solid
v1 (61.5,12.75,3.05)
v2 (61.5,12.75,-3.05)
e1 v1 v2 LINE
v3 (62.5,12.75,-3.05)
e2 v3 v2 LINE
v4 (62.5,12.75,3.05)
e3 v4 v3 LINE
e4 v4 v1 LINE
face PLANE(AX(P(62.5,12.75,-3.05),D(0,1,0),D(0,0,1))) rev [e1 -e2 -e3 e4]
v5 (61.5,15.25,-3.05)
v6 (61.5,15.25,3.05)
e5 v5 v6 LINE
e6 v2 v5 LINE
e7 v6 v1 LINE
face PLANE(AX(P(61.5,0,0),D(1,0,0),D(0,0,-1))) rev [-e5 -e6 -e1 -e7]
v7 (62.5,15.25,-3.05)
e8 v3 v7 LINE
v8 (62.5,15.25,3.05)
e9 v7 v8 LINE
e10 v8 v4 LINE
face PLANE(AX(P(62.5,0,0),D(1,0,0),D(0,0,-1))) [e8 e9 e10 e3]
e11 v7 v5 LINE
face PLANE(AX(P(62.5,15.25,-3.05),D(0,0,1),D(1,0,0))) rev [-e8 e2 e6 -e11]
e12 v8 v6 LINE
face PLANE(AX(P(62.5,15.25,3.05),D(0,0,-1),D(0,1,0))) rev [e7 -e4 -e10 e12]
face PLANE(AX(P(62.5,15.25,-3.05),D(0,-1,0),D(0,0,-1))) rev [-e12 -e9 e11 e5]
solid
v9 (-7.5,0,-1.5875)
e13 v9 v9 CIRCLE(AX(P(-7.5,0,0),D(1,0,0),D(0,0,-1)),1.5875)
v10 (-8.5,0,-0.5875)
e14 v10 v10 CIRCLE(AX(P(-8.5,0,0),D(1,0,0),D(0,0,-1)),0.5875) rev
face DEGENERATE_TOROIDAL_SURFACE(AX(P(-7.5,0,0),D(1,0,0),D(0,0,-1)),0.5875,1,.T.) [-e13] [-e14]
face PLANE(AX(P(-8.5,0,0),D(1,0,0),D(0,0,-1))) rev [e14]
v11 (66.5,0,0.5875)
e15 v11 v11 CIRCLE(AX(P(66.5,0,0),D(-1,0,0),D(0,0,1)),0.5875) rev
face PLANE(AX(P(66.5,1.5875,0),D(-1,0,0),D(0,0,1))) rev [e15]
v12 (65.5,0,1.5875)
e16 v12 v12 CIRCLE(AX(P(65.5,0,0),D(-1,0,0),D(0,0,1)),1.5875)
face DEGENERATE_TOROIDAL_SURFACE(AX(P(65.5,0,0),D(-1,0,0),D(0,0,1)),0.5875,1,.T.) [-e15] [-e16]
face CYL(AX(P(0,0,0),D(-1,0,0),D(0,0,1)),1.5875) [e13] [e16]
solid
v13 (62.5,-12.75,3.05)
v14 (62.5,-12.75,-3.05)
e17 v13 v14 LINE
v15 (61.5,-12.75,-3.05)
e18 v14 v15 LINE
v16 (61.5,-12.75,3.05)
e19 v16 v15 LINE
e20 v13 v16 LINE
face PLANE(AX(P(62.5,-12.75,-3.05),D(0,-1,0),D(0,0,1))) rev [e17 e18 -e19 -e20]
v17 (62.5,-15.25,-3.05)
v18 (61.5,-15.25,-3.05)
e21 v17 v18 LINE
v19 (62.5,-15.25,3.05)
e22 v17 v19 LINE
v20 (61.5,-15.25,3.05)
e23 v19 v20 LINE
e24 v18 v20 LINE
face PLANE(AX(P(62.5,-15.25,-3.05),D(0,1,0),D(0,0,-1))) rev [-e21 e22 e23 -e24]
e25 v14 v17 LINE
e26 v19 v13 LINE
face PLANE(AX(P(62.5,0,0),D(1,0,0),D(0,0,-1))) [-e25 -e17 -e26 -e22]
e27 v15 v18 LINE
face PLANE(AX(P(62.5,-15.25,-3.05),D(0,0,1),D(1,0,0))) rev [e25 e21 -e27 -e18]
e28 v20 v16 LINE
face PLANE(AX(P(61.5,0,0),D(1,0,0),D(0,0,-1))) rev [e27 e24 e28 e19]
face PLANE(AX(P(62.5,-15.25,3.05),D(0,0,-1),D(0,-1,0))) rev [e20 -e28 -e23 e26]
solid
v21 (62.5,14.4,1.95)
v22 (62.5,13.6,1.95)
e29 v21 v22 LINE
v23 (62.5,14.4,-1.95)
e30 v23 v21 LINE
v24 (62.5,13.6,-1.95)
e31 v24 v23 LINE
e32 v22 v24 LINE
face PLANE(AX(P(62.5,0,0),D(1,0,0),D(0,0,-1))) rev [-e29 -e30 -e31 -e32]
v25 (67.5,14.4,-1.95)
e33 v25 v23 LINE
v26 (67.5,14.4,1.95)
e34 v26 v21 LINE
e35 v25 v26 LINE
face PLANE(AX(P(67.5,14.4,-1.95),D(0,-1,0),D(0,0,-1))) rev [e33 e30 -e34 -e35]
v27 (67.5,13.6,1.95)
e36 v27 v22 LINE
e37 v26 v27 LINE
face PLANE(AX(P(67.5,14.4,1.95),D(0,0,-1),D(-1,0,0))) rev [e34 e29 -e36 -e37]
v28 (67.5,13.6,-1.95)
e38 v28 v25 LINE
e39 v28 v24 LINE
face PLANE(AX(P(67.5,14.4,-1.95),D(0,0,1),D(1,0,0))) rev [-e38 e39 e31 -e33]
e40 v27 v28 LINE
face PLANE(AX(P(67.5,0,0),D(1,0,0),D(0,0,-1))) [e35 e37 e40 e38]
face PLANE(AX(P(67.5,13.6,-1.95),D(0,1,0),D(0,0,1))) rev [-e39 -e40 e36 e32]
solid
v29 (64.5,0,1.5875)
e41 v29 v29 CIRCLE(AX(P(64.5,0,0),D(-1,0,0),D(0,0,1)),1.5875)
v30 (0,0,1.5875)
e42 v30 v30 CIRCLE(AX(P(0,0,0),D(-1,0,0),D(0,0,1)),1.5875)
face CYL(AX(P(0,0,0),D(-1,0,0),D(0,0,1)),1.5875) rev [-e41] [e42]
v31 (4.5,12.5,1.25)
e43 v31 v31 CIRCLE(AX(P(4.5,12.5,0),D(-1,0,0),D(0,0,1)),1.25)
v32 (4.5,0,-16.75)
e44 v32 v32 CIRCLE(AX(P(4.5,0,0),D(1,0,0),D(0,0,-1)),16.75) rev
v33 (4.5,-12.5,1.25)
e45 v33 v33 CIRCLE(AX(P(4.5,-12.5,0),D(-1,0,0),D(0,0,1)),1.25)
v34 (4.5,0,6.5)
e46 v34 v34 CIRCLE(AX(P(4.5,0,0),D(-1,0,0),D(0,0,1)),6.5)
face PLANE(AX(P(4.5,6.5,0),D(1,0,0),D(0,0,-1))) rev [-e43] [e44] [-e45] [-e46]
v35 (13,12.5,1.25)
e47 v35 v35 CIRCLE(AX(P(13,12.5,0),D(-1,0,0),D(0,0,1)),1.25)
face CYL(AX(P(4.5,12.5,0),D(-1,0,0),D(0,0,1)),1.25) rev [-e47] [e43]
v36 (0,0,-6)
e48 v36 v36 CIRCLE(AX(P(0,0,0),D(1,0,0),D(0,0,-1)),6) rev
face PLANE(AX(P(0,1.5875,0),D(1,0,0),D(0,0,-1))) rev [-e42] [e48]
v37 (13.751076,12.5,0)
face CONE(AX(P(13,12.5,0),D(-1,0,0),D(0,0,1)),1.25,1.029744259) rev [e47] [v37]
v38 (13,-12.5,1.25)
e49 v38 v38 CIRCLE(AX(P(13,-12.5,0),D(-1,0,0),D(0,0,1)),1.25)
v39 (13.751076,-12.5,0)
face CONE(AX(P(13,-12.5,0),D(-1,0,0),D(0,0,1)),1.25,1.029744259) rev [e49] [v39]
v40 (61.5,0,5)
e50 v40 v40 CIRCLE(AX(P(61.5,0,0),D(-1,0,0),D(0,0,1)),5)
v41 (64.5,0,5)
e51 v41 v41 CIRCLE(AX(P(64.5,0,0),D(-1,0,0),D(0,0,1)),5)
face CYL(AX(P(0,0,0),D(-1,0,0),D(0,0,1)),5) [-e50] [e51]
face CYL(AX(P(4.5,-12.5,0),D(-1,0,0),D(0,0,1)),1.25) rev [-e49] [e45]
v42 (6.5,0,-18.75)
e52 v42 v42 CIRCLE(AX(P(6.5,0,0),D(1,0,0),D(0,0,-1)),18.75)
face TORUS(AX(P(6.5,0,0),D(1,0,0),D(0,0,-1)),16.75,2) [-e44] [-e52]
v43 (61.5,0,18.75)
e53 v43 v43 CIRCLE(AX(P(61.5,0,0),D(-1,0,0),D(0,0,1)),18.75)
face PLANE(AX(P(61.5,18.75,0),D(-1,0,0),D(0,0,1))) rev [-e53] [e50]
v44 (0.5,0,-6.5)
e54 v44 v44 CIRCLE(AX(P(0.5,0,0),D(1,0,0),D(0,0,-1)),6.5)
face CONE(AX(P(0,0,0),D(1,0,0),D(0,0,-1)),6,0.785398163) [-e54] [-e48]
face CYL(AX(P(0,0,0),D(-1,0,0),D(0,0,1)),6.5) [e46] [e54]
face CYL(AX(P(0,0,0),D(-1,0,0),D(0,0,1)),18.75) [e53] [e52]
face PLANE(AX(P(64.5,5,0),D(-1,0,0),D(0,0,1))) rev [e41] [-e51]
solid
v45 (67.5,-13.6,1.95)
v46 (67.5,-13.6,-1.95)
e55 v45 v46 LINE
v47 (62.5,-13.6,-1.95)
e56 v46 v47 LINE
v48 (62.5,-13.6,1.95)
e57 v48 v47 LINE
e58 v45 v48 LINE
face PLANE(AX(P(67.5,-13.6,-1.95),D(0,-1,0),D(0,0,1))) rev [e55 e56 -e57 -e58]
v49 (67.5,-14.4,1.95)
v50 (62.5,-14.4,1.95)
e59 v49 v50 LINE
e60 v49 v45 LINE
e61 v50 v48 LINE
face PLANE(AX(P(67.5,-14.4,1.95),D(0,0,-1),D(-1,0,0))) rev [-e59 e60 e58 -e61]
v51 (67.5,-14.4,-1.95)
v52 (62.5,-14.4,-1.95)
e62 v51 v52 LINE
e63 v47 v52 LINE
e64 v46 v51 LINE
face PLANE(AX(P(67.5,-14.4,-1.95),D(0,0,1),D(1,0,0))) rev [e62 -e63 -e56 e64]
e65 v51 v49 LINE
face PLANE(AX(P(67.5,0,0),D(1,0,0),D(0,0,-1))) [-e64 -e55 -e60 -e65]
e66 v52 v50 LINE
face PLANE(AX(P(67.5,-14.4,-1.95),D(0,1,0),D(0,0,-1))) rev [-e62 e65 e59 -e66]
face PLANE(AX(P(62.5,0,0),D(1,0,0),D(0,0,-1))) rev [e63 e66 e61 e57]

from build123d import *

# Parameters (mm, degrees)
VERRUNDUNG1_R                   = 1
VERRUNDUNG2_R                   = 2
FASE1_SIZE                      = 0.5
SKIZZE5_W                       = 6.1
SKIZZE5_H                       = 2.5
AUFSATZ_LINEAR_AUSTRAGEN1_DEPTH = 1
SKIZZE6_W                       = 3.9
SKIZZE6_H                       = 0.8
AUFSATZ_LINEAR_AUSTRAGEN2_DEPTH = 5


with BuildPart() as part:
    # Skizze3 → Rotation1 (revolve)
    with BuildSketch(Plane.XY, mode=Mode.PRIVATE) as rotation1_sk:
        Polygon((66.5, 1.5875), (66.5, 0), (0, 0), (-8.5, 0), (-8.5, 1.5875), (0, 1.5875), (64.5, 1.5875), align=None)
    revolve(rotation1_sk.sketch.rotate(Axis((0, 0, 0), (1, 0, 0)), 90), axis=Axis((0, 0, 0), (1, 0, 0)))

    # Verrundung1
    verrundung1_edges = [part.edges().sort_by_distance(p)[0] for p in [
        (-8.5, 0, -1.5875),
        (66.5, 0, -1.5875),
    ]]
    fillet(verrundung1_edges, radius=VERRUNDUNG1_R)


with BuildPart() as body_2:
    # Skizze4 → Rotation2 (revolve)
    with BuildSketch(Plane.XY, mode=Mode.PRIVATE) as rotation2_sk:
        Polygon((64.5, 1.5875), (0, 1.5875), (0, 6.5), (4.5, 6.5), (4.5, 18.75), (61.5, 18.75), (61.5, 5), (64.5, 5), align=None)
    revolve(rotation2_sk.sketch.rotate(Axis((0, 0, 0), (1, 0, 0)), 90), axis=Axis((0, 0, 0), (1, 0, 0)))

    # Skizze8 → M3 Gewindebohrung1 (revolve, cut)
    with BuildSketch(Plane(origin=(4.5, 12.5, 0), x_dir=(0, 0, 1), z_dir=(0, 1, 0))):
        Polygon((0, 0), (0, 9.251075774), (1.25, 8.5), (1.25, 0), align=None)
    m3_gewindebohrung1 = revolve(axis=Axis((-1.85, 12.5, 0), (1, 0, 0)), mode=Mode.SUBTRACT)

    # Verrundung2
    verrundung2_edges = [body_2.edges().sort_by_distance(p)[0] for p in [
        (4.5, 0, -18.75),
    ]]
    fillet(verrundung2_edges, radius=VERRUNDUNG2_R)

    # Fase1
    fase1_edges = [body_2.edges().sort_by_distance(p)[0] for p in [
        (0, 0, -6.5),
    ]]
    chamfer(fase1_edges, length=FASE1_SIZE)

    # Spiegeln1: M3 Gewindebohrung1 across plane
    add(m3_gewindebohrung1.mirror(Plane.ZX), mode=Mode.SUBTRACT)


with BuildPart() as body_3:
    # Skizze5 → Aufsatz-Linear austragen1 (new body)
    with BuildSketch(Plane(origin=(61.5, 0, 0), x_dir=(0, 0, -1), z_dir=(1, 0, 0))):
        with Locations((0, 14)):
            Rectangle(SKIZZE5_W, SKIZZE5_H)
    extrude(amount=AUFSATZ_LINEAR_AUSTRAGEN1_DEPTH)


with BuildPart() as body_4:
    # Skizze6 → Aufsatz-Linear austragen2 (new body)
    with BuildSketch(Plane(origin=(62.5, 0, 0), x_dir=(0, 0, -1), z_dir=(1, 0, 0))):
        with Locations((0, 14)):
            Rectangle(SKIZZE6_W, SKIZZE6_H)
    extrude(amount=AUFSATZ_LINEAR_AUSTRAGEN2_DEPTH)


with BuildPart() as body_5:
    # Spiegeln5: mirrored copy
    add(body_3.part.mirror(Plane.ZX))


with BuildPart() as body_6:
    # Spiegeln5 2: mirrored copy
    add(body_4.part.mirror(Plane.ZX))


solid = Compound([part.part, body_2.part, body_3.part, body_4.part, body_5.part, body_6.part])
